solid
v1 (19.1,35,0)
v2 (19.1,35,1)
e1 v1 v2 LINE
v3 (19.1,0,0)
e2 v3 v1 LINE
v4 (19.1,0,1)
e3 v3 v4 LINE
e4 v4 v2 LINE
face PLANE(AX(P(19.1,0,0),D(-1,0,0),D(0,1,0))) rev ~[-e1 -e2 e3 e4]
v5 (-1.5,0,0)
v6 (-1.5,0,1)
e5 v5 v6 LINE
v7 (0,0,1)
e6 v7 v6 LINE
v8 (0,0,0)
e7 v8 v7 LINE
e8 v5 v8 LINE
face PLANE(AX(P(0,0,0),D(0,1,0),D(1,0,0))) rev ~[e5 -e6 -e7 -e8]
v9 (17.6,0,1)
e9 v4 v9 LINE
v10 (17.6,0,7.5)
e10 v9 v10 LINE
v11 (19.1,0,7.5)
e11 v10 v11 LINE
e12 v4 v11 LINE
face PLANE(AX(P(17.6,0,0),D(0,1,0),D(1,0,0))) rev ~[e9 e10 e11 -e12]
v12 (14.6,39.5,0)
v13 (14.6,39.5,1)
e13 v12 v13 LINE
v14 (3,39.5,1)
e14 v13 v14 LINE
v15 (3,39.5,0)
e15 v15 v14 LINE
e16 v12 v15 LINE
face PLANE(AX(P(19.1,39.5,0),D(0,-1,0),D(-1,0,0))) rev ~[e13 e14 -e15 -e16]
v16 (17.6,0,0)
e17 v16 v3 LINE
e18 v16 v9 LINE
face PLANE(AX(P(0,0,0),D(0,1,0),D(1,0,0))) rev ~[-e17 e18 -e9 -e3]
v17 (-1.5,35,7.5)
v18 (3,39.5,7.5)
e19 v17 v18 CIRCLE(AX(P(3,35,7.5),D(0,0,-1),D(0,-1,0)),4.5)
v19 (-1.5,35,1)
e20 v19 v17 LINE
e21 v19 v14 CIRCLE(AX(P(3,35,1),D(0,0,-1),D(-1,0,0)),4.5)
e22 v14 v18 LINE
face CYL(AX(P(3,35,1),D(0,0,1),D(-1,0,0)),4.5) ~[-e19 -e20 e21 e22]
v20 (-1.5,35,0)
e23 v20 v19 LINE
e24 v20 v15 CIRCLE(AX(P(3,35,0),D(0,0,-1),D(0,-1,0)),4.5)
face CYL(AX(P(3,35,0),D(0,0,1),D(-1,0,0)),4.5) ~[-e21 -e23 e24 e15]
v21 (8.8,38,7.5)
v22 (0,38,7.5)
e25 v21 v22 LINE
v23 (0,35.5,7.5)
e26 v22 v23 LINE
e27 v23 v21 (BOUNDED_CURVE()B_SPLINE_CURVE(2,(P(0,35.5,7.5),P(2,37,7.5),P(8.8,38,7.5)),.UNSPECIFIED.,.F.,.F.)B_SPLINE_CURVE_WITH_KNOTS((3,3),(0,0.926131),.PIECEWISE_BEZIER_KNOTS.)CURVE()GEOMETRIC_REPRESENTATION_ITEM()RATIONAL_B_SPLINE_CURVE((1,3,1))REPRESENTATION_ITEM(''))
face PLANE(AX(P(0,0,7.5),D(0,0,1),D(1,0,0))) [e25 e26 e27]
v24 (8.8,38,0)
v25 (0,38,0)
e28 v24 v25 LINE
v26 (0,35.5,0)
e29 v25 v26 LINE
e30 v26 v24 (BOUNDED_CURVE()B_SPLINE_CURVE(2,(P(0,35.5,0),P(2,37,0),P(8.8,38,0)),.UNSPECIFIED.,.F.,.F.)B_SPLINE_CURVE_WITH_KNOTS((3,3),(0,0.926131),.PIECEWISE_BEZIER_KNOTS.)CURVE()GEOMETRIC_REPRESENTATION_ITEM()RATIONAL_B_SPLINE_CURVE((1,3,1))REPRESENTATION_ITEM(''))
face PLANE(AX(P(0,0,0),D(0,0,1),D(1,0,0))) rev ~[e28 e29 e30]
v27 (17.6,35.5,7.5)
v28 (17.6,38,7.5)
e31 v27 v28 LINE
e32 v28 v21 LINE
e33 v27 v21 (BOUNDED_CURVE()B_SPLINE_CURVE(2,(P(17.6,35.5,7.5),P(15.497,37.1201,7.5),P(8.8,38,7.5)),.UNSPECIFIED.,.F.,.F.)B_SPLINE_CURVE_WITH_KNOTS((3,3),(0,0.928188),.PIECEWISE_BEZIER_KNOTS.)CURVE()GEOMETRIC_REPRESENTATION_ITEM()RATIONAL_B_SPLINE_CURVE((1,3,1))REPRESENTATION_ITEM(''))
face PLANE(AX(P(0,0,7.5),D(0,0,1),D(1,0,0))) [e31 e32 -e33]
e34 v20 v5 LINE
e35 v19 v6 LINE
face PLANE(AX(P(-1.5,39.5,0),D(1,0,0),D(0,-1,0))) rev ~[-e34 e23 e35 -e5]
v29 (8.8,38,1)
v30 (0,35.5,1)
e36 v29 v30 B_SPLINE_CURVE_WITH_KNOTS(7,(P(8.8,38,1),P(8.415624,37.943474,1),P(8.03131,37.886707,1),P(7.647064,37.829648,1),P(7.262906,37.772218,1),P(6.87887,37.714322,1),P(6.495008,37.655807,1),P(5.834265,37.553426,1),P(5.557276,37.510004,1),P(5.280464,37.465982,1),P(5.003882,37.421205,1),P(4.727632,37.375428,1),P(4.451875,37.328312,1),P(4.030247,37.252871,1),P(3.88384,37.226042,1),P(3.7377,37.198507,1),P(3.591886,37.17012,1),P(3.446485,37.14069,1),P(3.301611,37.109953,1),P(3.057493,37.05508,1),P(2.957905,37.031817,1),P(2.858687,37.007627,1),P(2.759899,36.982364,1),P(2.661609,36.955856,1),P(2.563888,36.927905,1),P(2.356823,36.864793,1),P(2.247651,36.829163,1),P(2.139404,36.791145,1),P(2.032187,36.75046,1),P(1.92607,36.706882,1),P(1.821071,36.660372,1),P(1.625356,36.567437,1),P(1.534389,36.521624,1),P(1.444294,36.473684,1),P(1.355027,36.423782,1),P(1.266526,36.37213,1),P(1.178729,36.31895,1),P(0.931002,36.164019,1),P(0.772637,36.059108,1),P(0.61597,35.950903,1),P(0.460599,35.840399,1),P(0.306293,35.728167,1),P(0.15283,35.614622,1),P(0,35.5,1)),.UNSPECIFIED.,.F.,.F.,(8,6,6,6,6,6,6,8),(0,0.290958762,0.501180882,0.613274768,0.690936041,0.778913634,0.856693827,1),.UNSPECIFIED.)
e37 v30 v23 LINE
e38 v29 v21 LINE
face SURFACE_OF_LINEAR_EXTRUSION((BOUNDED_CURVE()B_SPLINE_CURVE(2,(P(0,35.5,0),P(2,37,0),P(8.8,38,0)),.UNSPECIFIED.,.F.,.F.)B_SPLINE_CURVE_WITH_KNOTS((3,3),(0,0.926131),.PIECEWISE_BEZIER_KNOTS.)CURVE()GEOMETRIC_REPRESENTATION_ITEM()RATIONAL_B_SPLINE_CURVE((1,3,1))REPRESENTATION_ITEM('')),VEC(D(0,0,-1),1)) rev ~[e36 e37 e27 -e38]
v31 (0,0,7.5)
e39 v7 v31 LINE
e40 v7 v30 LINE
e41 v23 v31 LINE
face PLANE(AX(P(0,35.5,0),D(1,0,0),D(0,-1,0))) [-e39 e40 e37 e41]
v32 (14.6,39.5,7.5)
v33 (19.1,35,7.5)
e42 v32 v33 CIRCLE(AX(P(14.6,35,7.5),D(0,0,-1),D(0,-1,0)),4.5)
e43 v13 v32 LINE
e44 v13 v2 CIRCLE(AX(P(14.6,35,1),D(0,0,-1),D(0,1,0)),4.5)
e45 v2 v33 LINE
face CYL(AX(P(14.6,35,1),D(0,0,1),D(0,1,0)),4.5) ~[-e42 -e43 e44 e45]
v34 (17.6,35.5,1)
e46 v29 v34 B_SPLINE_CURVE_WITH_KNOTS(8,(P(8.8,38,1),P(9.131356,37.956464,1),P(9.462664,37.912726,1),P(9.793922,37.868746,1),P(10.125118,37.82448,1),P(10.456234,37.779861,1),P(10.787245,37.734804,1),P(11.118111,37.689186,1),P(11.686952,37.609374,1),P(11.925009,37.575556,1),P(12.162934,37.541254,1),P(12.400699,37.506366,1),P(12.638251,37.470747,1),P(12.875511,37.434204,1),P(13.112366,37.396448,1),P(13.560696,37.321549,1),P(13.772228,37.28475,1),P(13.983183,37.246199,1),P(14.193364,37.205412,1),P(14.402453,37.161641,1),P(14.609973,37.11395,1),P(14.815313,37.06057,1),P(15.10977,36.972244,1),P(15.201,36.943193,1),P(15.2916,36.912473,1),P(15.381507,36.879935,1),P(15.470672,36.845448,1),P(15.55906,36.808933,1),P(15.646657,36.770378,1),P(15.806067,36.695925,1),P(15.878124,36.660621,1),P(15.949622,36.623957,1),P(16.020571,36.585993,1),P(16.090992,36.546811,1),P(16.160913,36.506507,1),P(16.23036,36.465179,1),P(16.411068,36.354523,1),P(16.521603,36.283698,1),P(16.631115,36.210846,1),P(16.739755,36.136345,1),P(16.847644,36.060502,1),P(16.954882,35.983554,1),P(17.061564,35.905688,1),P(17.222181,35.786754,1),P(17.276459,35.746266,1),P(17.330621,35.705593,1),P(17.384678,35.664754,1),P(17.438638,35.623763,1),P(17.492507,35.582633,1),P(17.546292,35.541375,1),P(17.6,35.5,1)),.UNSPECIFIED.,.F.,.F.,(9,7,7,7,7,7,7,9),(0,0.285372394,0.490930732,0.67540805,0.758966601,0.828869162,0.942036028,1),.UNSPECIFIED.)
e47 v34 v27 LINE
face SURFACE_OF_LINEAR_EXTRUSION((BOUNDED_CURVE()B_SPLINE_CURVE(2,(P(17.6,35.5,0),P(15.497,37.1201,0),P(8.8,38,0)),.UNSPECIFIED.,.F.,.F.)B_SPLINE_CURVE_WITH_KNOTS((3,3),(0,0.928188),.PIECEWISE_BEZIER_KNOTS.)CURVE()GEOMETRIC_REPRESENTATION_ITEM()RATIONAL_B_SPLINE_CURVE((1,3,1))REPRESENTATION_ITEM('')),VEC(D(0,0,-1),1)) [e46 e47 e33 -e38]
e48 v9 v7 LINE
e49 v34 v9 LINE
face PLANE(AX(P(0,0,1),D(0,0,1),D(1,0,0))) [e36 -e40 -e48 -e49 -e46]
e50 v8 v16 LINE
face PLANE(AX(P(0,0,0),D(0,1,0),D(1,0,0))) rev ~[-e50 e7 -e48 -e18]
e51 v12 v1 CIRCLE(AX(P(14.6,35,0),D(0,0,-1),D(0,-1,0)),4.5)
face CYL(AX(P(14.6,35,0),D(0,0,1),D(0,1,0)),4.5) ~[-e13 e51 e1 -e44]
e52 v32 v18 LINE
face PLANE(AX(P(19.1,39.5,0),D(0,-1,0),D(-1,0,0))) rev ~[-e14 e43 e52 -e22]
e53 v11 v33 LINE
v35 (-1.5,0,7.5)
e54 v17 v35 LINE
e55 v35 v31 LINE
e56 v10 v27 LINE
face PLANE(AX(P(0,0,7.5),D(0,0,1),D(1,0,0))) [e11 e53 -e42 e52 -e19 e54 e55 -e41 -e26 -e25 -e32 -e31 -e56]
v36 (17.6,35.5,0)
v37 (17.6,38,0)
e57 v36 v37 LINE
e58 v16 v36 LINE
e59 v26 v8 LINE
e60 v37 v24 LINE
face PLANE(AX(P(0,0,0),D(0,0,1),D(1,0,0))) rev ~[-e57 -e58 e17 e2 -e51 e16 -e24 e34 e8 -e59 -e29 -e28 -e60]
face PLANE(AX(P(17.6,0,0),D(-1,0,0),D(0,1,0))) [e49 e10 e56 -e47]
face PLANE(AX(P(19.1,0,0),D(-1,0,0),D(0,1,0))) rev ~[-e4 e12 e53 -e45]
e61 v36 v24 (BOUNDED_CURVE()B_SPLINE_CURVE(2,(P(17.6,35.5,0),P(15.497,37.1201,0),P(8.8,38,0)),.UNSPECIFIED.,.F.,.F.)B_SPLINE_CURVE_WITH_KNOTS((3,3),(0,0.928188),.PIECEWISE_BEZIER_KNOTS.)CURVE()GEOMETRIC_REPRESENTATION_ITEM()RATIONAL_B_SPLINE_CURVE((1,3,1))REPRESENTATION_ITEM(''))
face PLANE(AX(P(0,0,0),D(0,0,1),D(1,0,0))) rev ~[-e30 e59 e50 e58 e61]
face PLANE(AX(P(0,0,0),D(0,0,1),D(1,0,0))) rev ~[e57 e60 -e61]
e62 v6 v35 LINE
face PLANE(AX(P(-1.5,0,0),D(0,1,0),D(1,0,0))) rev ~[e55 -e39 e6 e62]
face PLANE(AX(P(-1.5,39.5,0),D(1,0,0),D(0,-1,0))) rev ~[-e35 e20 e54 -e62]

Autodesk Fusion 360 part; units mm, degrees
sketch "Sketch1" plane through (0, 0, 0) normal (0, 0, 1) x (1, 0, 0)
  line L0 (0, 0) -> (17.6, 0)
  line L1 (17.6, 0) -> (17.6, 38)
  line L2 (17.6, 38) -> (0, 38)
  line L3 (0, 38) -> (0, 0)
  line L4 (-1.5, 0) -> (19.1, 0)
  line L5 (19.1, 0) -> (19.1, 39.5)
  line L6 (19.1, 39.5) -> (-1.5, 39.5)
  line L7 (-1.5, 39.5) -> (-1.5, 0)
  spline S0 degree 2 poles (0, 35.5) (2, 37) (8.8, 38) knots 0 0 0 0.926131 0.926131 0.926131 weights 1 3 1
  spline S1 degree 2 poles (17.6, 35.5) (15.497, 37.1201) (8.8, 38) knots 0 0 0 0.928188 0.928188 0.928188 weights 1 3 1
  dimension "d1" = 38
  dimension "d2" = 17.6
  dimension "d3" = 1.5
  dimension "d4" = 1.5
  dimension "d5" = 1.5
  dimension "d15" = 2.5
  dimension "d16" = 8.8
  dimension "d17" = 8.8
  dimension "d18" = 2.5
extrude "Extrude1" add sketch "Sketch1" along normal blind 1
extrude "Extrude2" add sketch "Sketch1" along normal blind 7.5 contours L1 L2 L3 L4 L5 L6 L7 | L2 L3 S0 | L1 L2 S1
fillet "Fillet1" radius 4.5 2 edges at (19.1, 39.5, 3.75) (-1.5, 39.5, 3.75)
